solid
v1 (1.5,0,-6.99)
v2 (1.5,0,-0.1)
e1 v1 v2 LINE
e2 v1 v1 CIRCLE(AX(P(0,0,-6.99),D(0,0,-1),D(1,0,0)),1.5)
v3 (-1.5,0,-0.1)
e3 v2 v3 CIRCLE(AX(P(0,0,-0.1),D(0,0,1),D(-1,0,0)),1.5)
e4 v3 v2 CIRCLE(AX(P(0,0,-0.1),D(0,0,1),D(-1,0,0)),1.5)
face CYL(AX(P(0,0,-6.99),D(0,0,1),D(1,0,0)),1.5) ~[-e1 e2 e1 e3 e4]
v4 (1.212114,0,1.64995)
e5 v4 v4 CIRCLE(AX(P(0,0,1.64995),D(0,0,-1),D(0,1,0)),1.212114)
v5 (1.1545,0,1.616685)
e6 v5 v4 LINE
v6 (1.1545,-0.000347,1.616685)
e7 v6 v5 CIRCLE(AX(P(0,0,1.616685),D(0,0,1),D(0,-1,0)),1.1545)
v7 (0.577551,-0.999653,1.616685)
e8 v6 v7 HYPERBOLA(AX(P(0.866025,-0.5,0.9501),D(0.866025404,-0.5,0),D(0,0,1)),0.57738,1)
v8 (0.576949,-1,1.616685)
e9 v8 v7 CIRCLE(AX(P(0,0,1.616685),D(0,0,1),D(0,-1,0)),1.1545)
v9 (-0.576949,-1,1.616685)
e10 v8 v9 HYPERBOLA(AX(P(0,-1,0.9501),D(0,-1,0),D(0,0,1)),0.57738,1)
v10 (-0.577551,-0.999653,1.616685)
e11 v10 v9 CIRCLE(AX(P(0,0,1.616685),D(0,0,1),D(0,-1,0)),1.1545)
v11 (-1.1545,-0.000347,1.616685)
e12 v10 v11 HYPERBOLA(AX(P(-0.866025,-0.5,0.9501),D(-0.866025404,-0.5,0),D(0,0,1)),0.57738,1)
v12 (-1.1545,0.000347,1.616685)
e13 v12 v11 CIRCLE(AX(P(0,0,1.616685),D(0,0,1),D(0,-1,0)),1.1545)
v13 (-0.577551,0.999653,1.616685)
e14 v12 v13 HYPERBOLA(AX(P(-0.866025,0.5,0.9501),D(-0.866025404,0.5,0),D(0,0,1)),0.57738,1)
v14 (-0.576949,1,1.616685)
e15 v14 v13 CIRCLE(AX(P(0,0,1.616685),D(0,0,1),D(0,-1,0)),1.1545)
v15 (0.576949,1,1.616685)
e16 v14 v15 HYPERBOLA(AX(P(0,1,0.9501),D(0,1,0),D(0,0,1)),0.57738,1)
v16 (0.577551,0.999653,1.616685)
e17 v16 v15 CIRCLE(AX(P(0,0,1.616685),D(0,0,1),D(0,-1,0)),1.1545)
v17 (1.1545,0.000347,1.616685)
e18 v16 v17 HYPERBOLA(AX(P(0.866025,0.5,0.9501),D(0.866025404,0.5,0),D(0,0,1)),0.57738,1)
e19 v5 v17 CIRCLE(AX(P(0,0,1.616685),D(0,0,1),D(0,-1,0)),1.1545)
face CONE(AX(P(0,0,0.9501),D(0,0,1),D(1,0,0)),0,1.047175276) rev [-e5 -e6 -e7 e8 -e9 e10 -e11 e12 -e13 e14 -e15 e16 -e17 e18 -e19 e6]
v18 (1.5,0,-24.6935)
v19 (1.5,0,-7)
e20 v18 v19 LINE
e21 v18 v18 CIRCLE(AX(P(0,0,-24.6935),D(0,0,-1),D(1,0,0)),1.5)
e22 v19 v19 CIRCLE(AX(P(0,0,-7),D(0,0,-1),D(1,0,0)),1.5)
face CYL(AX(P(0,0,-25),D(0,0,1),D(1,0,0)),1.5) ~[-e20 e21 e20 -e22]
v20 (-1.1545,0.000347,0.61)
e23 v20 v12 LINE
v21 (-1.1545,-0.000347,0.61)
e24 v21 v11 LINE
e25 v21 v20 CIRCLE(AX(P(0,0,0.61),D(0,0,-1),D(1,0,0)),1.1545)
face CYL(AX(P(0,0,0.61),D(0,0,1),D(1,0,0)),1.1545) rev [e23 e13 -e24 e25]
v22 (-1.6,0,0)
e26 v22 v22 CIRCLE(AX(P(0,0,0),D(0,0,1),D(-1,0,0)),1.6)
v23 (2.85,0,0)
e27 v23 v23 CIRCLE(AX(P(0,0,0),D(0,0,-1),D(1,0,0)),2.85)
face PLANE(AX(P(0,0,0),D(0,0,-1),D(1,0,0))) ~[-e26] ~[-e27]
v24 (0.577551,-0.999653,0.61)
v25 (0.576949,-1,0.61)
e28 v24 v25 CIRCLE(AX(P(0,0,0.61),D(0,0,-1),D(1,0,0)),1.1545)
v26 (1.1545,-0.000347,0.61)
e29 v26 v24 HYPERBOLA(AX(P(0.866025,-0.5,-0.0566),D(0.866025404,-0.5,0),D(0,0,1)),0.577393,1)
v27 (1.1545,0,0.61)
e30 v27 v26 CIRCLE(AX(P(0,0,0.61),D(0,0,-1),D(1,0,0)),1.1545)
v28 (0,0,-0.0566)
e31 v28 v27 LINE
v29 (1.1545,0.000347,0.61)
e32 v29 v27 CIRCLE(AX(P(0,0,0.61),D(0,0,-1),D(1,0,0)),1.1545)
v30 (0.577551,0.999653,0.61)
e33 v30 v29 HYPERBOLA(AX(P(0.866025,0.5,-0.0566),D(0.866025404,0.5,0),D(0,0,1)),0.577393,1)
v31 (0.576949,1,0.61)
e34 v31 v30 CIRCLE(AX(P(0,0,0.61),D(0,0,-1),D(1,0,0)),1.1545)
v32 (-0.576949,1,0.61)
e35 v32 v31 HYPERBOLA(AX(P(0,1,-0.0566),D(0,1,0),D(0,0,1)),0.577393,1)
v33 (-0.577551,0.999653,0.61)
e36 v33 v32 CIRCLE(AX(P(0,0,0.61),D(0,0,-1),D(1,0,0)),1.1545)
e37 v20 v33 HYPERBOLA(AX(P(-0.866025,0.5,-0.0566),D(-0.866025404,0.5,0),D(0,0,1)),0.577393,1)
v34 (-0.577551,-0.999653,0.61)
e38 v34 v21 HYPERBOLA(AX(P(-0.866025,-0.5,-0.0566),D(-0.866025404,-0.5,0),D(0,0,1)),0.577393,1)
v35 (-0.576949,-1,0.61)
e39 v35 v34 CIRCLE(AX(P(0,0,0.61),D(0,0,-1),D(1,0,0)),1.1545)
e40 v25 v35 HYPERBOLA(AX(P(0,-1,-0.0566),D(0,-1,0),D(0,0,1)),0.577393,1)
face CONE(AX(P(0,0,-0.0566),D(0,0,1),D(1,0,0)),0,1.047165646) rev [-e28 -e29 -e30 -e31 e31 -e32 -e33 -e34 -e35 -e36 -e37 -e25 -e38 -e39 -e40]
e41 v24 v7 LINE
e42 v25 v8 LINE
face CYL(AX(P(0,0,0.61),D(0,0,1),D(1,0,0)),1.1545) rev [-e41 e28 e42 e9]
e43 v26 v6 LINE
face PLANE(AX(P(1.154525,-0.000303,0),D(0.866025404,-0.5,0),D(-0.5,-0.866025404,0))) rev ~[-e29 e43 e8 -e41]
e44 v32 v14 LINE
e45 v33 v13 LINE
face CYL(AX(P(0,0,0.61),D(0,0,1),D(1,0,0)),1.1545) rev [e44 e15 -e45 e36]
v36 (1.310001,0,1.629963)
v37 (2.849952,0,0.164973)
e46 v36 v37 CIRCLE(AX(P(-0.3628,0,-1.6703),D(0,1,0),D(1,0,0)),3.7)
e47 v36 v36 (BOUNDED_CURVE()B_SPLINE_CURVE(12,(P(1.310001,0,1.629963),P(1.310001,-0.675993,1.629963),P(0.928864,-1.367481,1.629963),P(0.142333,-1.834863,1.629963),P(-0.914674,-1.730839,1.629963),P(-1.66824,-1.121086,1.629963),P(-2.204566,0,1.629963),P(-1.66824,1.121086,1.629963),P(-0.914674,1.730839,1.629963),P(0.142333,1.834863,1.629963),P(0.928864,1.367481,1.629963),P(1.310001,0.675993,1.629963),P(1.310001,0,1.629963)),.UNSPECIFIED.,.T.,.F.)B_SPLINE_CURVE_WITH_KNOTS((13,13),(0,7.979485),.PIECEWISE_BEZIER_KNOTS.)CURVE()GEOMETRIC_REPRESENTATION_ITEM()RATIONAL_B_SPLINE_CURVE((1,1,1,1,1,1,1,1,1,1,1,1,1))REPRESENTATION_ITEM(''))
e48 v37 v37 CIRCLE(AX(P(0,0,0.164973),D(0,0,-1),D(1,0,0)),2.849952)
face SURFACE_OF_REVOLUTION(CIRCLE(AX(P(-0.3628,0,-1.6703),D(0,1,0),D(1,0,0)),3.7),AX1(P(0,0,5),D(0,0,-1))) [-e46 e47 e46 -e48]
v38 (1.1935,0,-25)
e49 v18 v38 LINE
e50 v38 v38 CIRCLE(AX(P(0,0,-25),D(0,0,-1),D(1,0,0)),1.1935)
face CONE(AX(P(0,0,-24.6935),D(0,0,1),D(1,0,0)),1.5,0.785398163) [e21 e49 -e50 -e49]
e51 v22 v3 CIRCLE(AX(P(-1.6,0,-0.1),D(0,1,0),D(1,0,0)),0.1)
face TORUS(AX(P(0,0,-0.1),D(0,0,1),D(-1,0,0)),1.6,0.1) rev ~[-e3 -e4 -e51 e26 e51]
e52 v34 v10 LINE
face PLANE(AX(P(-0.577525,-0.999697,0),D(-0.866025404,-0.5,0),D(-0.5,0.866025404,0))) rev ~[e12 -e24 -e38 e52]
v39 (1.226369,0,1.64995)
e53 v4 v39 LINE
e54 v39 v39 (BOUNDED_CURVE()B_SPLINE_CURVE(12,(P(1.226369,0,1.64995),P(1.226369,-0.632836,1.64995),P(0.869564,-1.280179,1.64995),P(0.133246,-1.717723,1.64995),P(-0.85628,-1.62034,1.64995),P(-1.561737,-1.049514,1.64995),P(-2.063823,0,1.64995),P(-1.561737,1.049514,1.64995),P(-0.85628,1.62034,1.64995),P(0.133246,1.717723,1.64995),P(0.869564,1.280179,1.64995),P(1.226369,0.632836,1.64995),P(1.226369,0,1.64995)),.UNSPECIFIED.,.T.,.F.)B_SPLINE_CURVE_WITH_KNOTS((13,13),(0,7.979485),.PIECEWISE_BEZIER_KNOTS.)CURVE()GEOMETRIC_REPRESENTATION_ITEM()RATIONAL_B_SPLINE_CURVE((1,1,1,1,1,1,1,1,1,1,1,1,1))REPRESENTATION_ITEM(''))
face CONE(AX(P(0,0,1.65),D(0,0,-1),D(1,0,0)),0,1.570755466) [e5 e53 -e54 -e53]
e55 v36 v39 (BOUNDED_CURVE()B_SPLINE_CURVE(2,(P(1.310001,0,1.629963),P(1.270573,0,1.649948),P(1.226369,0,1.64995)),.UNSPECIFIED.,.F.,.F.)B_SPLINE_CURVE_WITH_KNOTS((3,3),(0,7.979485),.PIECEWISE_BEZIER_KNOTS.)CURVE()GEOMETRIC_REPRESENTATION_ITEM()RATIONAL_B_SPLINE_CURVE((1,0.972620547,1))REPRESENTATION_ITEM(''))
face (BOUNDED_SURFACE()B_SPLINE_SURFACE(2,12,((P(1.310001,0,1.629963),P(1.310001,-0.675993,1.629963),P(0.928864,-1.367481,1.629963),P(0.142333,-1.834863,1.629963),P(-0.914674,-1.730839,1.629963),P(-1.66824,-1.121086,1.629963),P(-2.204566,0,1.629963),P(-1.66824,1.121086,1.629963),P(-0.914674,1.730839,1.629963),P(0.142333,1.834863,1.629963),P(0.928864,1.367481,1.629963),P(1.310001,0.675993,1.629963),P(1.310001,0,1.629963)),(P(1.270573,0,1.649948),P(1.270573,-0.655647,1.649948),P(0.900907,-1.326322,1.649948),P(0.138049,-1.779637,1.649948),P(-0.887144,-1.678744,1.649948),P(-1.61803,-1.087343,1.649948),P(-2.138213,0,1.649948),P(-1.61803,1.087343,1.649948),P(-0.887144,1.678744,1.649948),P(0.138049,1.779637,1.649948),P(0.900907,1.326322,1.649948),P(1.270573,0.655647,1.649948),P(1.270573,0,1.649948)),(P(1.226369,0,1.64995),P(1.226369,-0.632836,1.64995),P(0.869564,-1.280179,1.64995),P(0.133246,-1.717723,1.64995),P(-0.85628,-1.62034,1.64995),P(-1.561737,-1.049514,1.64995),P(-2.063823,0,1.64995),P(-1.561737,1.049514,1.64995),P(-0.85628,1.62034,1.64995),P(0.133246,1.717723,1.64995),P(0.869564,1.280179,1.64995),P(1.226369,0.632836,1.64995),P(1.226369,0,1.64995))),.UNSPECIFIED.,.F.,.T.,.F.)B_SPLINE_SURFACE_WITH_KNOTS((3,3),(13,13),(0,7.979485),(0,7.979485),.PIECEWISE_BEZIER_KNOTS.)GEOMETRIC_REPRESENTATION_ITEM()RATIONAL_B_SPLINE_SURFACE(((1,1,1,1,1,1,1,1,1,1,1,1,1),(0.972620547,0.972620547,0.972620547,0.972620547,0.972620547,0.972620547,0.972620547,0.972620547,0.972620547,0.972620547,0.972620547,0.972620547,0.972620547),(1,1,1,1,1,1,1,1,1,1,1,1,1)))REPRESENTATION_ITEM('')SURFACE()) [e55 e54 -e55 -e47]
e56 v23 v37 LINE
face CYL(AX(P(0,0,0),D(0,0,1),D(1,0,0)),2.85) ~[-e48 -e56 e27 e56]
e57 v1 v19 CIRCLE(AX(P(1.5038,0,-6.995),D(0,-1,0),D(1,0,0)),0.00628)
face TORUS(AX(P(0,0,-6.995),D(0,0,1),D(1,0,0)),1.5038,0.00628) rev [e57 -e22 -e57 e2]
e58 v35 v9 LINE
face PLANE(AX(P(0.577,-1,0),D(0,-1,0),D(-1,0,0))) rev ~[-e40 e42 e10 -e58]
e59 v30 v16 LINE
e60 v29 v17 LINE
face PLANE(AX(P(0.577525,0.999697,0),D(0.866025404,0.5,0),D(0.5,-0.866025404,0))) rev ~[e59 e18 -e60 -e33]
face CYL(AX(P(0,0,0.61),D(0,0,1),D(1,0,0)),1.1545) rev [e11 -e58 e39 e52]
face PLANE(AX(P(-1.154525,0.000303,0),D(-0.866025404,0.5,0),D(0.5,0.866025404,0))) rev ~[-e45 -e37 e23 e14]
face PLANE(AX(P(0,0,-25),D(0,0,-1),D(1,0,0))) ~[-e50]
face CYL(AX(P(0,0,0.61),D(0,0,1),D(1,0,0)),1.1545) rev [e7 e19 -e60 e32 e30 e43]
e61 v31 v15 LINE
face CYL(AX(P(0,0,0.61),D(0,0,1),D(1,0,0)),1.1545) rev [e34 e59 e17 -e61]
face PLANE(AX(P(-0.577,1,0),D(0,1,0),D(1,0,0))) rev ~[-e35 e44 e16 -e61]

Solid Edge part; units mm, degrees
sketch "Sketch1" plane through (0, 0, 0) normal (0, -1, 0) x (1, 0, 0)
  line L0 (0, -25) -> (1.5, -25)
  line L1 (1.5, -25) -> (1.5, -7)
  arc A0 (1.5, -6.99) -> (1.5, -7) centre (1.5038, -6.995) ccw
  line L2 (1.5, -6.99) -> (1.5, 0)
  line L3 (1.5, 0) -> (2.85, 0)
  line L4 (2.85, 0) -> (2.85, 0.165)
  arc A1 (1.27, 1.65) -> (2.85, 0.165) centre (-0.3628, -1.6703) cw
  line L5 (0, 1.65) -> (1.27, 1.65)
  dimension "D1" = 18
  dimension "D2" = 1.5
  dimension "D3" = 1.27
  dimension "D4" = 2.85
  dimension "D5" = 0.165
  dimension "D6" = 1.65
  dimension "D7" = 3.7
  dimension "D8" = 25
  dimension "D9" = 0.01
  dimension "D10" = 0.0025
revolve "RevolvedProtrusion1" add sketch "Sketch1" angle 360 about axis through (0, 0, 5) along (0, 0, -1)
sketch "Sketch2" plane through (0, 0, 0) normal (0, -1, 0) x (1, 0, 0)
  line L0 (0, -0.0566) -> (1.1545, 0.61)
  line L1 (1.1545, 0.61) -> (1.1545, 1.65)
  line L2 (1.1545, 1.65) -> (0, 1.65)
  dimension "D1" = 1.1545
  dimension "D2" = 1.04
revolve "RevolvedCutout1" cut sketch "Sketch2" angle 360 about axis through (0, 0, 5.3) along (0, 0, -1)
sketch "Sketch3" plane through (0, 0, 0) normal (0, 0, -1) x (0, 1, 0)
  arc A0 (-1, 0.577) -> (-1, -0.577) centre (0, 0) ccw
  line L0 (-1, 0.577) -> (-1, -0.577)
  dimension "D1" = 1
extrude "Protrusion1" add sketch "Sketch3" against normal blind 1.65
pattern_circular "Pattern1" count 6 over 360 about axis through (0, 0, 0) along (0, 0, -1) of "Protrusion1"
fillet "Round_1" radius 0.185 1 edges at (-1.27, 0, 1.65)
sketch "Sketch4" plane through (0, 0, 0) normal (0, -1, 0) x (1, 0, 0)
  line L0 (0, 0.9501) -> (1.2122, 1.65)
  line L1 (1.2122, 1.65) -> (0, 1.65)
  dimension "D1" = 1.2122
revolve "RevolvedCutout2" cut sketch "Sketch4" angle 360 about axis through (0, 0, 5.3) along (0, 0, -1)
sketch "Sketch5" plane through (0, 0, 0) normal (0, -1, 0) x (1, 0, 0)
  line L0 (-1.5, 0) -> (-1.5, -0.1)
  line L1 (-1.6, 0) -> (-1.5, 0)
  arc A0 (-1.6, 0) -> (-1.5, -0.1) centre (-1.6, -0.1) cw
  dimension "D1" = 1.5
  dimension "D2" = 0.1
revolve "RevolvedProtrusion2" add sketch "Sketch5" angle 360 about axis through (0, 0, -0.5) along (0, 0, 1)
cosmetic_thread "Thread1" size "M3"
chamfer "Chamfer1" distance 0.3065 angle 45 1 edges at (-1.5, 0, -25)
properties material "Stahl"
